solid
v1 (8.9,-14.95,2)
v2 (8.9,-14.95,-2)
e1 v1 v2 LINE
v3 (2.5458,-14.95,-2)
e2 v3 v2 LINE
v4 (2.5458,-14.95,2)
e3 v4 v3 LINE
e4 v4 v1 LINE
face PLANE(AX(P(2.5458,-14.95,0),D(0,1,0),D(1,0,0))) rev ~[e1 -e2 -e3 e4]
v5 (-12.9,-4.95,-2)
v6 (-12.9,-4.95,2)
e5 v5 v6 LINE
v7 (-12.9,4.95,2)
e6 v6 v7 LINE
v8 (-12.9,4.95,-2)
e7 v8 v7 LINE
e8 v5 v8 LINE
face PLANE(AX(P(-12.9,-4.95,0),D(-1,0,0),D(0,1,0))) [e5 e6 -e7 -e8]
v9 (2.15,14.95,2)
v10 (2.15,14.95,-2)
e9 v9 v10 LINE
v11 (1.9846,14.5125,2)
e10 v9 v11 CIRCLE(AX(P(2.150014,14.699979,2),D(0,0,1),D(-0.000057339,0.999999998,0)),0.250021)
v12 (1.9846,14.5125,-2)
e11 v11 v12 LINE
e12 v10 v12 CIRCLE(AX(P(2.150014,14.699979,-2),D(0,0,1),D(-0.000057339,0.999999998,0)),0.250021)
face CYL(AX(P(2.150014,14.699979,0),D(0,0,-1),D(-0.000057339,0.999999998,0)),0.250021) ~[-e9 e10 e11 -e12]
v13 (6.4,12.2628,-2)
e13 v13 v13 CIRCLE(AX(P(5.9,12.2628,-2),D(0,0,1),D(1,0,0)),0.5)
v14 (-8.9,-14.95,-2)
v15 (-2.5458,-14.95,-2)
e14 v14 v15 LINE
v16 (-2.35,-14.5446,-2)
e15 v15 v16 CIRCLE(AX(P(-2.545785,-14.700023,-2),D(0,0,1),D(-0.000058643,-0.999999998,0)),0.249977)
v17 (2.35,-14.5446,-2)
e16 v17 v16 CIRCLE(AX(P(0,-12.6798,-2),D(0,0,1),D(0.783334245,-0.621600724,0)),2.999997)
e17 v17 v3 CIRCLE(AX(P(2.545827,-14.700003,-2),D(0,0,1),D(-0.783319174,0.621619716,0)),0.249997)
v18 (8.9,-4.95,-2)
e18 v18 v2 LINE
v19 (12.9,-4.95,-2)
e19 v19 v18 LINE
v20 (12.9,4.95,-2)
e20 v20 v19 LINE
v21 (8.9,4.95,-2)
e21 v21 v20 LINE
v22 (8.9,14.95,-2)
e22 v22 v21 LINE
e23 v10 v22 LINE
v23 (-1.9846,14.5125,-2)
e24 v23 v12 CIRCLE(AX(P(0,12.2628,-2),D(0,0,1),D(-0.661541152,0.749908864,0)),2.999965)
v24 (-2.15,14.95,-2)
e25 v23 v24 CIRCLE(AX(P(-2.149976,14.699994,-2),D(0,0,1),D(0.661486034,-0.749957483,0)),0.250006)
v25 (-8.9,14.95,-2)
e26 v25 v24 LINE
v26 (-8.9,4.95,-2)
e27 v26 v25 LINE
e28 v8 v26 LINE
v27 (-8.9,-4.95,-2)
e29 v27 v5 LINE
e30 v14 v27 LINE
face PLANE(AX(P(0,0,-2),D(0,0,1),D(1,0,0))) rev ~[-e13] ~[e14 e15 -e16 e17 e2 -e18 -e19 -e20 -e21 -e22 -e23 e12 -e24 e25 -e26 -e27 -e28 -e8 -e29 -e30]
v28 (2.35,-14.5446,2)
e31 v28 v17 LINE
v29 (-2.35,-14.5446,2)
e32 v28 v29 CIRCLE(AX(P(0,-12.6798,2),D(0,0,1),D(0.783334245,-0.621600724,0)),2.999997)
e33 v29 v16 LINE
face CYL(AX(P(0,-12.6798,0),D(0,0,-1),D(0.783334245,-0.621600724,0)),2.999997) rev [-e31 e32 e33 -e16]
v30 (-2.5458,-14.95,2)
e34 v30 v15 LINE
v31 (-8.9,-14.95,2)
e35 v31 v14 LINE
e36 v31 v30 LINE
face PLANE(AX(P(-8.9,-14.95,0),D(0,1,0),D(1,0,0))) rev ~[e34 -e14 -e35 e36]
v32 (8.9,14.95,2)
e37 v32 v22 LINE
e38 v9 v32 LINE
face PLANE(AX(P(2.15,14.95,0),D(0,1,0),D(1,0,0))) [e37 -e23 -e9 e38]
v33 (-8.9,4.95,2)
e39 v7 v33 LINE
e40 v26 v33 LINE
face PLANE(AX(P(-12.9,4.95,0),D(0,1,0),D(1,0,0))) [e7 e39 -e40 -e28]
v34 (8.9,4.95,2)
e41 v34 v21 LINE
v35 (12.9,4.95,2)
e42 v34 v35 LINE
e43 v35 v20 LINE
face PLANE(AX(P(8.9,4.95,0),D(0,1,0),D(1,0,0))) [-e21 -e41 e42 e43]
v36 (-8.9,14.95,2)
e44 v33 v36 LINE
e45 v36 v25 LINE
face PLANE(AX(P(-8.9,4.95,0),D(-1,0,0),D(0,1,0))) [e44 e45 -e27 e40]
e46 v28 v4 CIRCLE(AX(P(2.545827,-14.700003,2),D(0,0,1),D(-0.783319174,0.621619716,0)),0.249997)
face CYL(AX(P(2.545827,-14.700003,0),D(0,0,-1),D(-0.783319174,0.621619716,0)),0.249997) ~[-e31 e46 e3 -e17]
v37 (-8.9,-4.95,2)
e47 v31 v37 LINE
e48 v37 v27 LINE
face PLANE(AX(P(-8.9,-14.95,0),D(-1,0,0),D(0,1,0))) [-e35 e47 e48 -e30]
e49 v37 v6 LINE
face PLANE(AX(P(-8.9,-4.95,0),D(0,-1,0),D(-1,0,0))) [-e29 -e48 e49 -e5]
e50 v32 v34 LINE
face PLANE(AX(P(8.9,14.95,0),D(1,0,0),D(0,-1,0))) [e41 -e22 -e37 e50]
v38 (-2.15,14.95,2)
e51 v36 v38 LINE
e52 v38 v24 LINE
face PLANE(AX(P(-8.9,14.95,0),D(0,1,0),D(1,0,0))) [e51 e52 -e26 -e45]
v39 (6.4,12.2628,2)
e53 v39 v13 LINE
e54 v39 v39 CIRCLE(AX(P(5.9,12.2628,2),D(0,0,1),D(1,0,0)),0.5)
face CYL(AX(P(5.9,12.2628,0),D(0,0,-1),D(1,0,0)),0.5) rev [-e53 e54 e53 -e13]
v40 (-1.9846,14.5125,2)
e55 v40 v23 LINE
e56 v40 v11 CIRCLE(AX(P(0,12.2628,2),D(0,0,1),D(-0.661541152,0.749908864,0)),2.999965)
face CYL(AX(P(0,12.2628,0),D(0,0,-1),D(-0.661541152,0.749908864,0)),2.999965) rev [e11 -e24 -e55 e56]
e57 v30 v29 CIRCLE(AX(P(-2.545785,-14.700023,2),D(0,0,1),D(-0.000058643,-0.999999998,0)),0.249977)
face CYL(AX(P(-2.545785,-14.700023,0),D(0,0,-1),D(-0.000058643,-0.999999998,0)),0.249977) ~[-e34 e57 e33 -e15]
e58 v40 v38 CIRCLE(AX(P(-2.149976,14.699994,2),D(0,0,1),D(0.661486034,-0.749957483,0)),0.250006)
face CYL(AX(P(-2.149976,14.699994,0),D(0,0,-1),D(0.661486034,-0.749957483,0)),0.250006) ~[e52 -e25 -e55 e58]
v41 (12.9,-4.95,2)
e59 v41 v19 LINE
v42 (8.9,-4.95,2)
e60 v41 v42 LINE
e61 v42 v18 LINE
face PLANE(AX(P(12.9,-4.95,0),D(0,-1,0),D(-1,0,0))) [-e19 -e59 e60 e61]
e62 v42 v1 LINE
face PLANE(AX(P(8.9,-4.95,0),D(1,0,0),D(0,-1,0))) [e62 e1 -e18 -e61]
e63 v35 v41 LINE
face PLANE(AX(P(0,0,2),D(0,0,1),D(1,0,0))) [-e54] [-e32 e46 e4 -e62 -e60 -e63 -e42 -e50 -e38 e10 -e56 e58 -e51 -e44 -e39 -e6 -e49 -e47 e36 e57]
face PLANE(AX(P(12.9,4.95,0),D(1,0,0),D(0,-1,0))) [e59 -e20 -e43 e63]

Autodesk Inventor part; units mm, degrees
ref_plane "YZ Plane" through (0, 0, 0) normal (1, 0, 0) x (0, 1, 0)
ref_plane "XZ Plane" through (0, 0, 0) normal (0, 1, 0) x (-1, 0, 0)
ref_plane "XY Plane" through (0, 0, 0) normal (0, 0, 1) x (1, 0, 0)
sketch "Náčrt1" plane through (0, 0, 0) normal (0, 0, 1) x (1, 0, 0)
  line L0 (-8.9, 4.95) -> (-8.9, 14.95)
  line L1 (-8.9, 14.95) -> (-2.15, 14.95)
  line L2 (2.15, 14.95) -> (8.9, 14.95)
  line L3 (8.9, 14.95) -> (8.9, 4.95)
  line L4 (8.9, 4.95) -> (12.9, 4.95)
  line L5 (12.9, 4.95) -> (12.9, -4.95)
  line L6 (12.9, -4.95) -> (8.9, -4.95)
  line L7 (8.9, -4.95) -> (8.9, -14.95)
  line L8 (-8.9, -14.95) -> (-8.9, -4.95)
  line L9 (-12.9, -4.95) -> (-12.9, 4.95)
  line L10 (-12.9, 4.95) -> (-8.9, 4.95)
  line L11 (-8.9, -4.95) -> (-12.9, -4.95)
  arc A0 (-1.9846, 14.5125) -> (1.9846, 14.5125) centre (0, 12.2628) ccw
  arc A1 (-1.9846, 14.5125) -> (-2.15, 14.95) centre (-2.15, 14.7) ccw
  arc A2 (2.15, 14.95) -> (1.9846, 14.5125) centre (2.15, 14.7) ccw
  line L12 (-8.9, -14.95) -> (-2.5458, -14.95)
  arc A3 (2.35, -14.5446) -> (-2.35, -14.5446) centre (0, -12.6798) ccw
  line L13 (2.5458, -14.95) -> (8.9, -14.95)
  arc A4 (-2.5458, -14.95) -> (-2.35, -14.5446) centre (-2.5458, -14.7) ccw
  arc A5 (2.35, -14.5446) -> (2.5458, -14.95) centre (2.5458, -14.7) ccw
  circle A6 centre (5.9, 12.2628) radius 0.5
  point P0 (0, 0)
  point P1 (-1.3338, 14.95)
  point P2 (1.3338, 14.95)
  point P3 (12.9, 0)
  point P4 (-1.9612, -14.95)
  point P5 (1.9612, -14.95)
  dimension "d0" = 9.9
  dimension "d1" = 17.8
  dimension "d2" = 4
  dimension "d4" = 3
  dimension "d5" = 0.25
  dimension "d6" = 3.8
  dimension "d7" = 0.25
  dimension "d8" = 4.7
  dimension "d18" = 1
  dimension "d19" = 3
  dimension "d20" = 10
extrude "Vysunutí1" add sketch "Náčrt1" along normal mid plane 4
properties part number "Spacer"
